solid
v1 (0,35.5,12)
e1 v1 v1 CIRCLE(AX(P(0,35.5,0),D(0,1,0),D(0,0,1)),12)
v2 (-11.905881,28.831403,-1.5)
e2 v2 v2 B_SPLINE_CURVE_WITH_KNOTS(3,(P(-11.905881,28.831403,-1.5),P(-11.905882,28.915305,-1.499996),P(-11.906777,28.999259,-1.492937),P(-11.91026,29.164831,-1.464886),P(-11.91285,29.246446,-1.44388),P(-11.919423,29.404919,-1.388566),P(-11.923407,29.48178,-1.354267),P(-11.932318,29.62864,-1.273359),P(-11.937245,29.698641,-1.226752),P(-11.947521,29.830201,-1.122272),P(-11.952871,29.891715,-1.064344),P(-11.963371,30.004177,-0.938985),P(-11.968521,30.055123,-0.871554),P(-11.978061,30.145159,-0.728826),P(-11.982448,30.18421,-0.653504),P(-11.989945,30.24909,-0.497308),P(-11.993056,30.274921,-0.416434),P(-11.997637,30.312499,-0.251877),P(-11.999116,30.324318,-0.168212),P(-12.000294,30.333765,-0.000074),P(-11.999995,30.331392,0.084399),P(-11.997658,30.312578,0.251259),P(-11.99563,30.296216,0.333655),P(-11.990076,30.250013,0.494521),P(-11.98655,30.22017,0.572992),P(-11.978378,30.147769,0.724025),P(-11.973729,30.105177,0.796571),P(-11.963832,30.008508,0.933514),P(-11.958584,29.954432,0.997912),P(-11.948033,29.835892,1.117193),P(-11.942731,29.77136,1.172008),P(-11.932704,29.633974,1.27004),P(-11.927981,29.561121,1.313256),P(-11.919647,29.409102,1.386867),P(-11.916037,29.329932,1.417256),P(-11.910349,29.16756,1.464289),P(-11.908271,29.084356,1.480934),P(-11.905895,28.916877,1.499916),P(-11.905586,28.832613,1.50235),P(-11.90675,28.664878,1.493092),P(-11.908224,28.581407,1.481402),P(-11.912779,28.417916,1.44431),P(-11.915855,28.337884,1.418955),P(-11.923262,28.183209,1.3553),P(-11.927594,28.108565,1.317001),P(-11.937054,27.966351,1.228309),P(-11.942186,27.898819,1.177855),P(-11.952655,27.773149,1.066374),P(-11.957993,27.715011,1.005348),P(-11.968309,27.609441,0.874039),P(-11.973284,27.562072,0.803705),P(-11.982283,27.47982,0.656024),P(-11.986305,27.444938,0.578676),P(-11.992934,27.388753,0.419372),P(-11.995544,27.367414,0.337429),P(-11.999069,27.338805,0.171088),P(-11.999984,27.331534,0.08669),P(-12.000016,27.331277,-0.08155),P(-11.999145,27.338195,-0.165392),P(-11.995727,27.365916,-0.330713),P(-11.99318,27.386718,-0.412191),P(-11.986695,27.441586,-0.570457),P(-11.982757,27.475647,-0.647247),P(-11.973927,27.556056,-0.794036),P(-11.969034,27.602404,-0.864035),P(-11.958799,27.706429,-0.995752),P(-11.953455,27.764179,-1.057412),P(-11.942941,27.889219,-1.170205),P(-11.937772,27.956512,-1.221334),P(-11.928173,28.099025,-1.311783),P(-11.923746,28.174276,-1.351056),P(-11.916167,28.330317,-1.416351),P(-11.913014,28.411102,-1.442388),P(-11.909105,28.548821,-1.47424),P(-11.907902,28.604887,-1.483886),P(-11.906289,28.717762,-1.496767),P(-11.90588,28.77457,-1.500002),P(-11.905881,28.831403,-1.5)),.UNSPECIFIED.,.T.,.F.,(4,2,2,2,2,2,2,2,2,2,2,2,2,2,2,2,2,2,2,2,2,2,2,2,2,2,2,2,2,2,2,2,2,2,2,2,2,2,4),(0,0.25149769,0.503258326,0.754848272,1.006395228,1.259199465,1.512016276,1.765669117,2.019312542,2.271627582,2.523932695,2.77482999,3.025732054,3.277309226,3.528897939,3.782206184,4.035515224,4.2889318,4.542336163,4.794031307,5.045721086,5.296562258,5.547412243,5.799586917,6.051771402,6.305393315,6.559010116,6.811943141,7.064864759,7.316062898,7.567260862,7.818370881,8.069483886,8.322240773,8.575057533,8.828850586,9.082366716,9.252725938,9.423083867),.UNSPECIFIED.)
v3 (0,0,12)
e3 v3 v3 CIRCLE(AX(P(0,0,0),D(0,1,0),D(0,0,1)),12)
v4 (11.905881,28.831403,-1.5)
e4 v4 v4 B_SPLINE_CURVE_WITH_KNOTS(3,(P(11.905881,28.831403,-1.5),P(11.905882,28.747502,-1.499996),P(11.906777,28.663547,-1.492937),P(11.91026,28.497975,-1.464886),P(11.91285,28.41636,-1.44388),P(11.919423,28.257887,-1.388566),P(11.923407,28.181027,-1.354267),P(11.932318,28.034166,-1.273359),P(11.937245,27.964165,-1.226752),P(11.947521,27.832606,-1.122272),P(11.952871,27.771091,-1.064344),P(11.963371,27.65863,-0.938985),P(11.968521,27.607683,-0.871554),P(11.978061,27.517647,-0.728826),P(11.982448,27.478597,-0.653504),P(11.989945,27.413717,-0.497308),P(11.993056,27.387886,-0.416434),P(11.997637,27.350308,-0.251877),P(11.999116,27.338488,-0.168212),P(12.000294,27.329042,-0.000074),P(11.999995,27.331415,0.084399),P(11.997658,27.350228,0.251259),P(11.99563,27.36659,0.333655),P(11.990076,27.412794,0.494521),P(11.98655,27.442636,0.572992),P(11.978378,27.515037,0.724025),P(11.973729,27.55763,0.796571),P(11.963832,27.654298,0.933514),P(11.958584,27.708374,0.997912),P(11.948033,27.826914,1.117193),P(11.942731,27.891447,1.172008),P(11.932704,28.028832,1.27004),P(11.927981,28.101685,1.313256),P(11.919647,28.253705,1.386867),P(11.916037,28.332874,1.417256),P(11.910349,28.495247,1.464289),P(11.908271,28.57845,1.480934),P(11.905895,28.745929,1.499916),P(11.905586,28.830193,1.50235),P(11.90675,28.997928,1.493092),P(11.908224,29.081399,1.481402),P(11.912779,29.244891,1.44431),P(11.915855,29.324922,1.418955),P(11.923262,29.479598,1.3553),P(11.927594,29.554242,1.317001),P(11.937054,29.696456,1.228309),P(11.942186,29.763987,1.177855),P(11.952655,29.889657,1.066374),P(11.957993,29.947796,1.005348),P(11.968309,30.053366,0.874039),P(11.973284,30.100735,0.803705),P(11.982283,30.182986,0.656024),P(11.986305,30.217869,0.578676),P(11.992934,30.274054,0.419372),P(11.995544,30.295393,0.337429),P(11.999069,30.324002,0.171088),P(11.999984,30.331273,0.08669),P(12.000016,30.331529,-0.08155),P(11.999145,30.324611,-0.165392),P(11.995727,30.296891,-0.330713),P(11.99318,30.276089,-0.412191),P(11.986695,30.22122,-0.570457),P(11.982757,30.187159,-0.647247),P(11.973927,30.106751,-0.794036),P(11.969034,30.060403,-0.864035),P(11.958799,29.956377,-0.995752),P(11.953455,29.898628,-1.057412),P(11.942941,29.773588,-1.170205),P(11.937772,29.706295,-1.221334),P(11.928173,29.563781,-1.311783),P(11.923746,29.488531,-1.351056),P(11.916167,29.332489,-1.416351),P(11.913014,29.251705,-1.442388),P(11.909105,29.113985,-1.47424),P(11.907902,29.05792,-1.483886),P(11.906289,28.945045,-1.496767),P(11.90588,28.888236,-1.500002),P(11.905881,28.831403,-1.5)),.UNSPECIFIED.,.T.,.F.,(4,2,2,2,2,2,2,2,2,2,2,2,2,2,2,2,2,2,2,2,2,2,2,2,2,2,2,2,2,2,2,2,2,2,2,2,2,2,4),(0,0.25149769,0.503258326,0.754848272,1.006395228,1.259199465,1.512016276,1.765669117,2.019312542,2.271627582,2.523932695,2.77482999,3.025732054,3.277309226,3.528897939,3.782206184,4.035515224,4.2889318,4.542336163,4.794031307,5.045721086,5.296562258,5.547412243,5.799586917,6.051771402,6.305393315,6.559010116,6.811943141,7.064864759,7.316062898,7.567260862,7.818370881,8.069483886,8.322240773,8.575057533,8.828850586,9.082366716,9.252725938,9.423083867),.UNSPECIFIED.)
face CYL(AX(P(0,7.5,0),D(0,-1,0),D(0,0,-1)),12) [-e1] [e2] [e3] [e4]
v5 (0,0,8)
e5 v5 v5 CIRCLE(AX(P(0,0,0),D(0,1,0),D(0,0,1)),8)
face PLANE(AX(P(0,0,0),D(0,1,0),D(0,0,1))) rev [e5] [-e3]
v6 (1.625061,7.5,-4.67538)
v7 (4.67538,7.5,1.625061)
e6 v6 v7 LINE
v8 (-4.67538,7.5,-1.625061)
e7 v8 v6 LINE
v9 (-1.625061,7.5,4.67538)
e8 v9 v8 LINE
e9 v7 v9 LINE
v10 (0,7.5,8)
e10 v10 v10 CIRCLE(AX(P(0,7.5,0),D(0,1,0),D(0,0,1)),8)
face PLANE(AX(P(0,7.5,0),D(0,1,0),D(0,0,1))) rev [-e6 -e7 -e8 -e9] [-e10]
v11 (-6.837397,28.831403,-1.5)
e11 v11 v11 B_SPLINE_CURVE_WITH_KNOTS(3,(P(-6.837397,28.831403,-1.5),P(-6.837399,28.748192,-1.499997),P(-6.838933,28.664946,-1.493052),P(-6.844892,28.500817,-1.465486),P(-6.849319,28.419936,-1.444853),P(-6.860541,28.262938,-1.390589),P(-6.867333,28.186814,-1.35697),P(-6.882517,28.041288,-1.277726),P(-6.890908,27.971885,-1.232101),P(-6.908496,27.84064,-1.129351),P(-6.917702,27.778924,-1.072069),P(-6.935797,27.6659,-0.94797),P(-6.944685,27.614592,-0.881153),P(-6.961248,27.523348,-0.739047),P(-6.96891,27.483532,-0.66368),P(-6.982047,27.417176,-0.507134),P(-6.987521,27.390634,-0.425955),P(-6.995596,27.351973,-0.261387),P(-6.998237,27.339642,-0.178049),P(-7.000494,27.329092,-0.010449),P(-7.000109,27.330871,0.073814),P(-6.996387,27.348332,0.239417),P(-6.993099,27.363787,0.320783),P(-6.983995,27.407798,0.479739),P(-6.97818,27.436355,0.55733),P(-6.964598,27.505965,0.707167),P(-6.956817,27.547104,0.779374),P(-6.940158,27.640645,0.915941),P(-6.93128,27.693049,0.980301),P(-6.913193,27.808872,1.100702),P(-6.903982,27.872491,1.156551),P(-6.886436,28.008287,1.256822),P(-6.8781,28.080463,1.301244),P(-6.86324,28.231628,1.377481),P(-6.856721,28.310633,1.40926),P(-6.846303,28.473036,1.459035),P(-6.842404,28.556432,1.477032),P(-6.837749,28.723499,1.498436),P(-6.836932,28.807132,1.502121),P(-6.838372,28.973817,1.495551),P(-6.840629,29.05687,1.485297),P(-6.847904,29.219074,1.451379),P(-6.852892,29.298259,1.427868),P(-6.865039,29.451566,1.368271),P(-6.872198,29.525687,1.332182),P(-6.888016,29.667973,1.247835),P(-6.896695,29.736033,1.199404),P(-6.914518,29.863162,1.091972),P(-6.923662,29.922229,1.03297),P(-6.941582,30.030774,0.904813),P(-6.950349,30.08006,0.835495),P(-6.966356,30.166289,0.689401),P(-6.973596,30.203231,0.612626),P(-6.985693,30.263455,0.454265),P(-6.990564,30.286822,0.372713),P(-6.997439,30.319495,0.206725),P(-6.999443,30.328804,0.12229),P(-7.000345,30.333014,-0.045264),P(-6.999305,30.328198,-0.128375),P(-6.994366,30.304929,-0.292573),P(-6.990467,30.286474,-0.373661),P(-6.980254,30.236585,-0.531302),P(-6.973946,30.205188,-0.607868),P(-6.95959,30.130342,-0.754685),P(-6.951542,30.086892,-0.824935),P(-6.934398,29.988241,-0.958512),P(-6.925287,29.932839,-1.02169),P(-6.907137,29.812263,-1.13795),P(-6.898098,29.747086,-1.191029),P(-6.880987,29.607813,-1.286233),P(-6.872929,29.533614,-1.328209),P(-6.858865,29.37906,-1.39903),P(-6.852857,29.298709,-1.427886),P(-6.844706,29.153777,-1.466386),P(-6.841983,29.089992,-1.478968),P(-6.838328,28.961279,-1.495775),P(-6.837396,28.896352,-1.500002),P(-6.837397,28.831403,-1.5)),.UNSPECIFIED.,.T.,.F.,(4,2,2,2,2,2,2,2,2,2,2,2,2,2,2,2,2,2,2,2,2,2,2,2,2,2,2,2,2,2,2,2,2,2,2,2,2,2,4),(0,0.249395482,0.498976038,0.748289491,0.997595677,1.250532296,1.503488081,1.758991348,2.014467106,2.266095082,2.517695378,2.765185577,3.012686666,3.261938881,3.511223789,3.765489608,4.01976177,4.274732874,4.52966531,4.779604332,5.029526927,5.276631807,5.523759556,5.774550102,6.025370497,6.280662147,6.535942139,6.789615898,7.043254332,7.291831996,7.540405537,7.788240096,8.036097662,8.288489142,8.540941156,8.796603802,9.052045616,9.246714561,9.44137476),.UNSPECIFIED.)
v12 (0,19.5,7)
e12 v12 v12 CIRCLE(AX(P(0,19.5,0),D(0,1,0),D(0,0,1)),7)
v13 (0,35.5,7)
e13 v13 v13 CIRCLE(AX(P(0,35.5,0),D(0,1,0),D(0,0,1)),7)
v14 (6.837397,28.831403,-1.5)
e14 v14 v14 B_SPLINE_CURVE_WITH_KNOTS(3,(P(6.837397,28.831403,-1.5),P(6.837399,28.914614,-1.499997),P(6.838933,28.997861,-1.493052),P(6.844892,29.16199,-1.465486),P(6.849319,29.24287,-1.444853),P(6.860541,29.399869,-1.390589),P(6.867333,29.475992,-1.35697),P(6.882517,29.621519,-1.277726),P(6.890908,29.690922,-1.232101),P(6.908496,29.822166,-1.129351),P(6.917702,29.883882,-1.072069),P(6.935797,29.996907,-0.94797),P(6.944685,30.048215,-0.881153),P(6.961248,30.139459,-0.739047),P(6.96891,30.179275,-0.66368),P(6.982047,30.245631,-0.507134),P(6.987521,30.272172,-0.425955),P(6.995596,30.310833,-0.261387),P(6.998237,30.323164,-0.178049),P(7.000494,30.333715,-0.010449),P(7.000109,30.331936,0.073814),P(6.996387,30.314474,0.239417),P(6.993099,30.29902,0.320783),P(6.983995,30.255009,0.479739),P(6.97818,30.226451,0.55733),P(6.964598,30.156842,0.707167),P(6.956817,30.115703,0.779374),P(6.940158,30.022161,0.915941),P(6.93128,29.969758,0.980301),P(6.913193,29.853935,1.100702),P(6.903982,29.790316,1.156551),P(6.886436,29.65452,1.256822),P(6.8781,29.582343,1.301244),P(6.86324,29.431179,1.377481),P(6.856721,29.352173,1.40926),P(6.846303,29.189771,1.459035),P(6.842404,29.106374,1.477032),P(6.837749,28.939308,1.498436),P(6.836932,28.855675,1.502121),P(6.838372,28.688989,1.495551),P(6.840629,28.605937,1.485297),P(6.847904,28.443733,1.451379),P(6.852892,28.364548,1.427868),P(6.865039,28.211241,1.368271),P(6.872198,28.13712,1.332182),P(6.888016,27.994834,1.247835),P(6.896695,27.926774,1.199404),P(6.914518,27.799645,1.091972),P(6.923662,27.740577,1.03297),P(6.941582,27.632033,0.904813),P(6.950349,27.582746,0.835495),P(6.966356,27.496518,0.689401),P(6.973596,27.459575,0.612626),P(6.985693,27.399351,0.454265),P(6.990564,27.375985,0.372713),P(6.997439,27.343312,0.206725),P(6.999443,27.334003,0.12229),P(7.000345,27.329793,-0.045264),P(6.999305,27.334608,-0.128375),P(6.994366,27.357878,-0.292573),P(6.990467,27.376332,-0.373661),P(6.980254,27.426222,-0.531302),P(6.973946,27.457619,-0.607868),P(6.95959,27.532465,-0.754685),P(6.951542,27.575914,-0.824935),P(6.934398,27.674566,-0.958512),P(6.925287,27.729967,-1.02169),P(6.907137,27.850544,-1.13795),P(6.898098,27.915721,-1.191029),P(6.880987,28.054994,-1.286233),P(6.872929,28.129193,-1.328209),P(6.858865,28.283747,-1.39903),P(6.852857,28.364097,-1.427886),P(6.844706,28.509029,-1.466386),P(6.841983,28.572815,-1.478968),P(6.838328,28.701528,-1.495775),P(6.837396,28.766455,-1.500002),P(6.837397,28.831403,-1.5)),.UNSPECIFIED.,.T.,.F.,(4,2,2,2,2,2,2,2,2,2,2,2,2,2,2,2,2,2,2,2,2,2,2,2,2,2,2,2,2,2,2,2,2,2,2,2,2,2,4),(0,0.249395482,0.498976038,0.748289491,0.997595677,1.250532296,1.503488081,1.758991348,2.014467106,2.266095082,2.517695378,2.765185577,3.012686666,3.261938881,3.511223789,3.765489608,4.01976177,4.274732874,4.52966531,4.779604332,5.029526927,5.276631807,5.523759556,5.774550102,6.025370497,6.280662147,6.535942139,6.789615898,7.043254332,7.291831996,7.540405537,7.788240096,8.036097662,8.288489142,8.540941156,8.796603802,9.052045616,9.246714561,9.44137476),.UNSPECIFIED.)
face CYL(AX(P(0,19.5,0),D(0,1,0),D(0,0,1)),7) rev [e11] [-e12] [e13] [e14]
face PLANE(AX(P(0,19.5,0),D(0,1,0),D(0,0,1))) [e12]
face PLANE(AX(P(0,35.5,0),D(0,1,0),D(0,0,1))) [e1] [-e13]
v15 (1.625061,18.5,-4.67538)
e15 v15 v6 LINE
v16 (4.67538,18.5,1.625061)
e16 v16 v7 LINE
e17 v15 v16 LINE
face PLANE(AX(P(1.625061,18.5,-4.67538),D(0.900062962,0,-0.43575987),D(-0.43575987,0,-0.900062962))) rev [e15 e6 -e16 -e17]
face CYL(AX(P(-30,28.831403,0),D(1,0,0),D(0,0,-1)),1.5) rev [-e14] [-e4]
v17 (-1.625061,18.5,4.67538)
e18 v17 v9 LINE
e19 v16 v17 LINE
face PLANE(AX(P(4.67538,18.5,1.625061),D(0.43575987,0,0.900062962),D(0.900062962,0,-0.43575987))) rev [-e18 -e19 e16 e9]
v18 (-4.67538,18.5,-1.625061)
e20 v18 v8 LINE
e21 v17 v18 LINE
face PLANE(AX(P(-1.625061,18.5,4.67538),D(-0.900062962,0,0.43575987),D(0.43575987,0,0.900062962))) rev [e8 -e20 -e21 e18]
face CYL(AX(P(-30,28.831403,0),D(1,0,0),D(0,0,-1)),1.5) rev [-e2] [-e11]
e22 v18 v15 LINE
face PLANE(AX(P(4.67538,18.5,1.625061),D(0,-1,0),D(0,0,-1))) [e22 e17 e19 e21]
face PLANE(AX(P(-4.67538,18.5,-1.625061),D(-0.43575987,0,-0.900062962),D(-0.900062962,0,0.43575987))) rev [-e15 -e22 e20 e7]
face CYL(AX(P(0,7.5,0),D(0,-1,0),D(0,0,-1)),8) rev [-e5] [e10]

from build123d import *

# Parameters (mm, degrees)
SKETCH_1_R          = 12
SKETCH_1_R_2        = 8
EXTRUDE_1_DEPTH     = 7.5
SKETCH_2_R          = 12
EXTRUDE_2_DEPTH     = 28
CUT_EXTRUDE_3_DEPTH = 11
SKETCH_4_R          = 7
CUT_EXTRUDE_4_DEPTH = 16
SKETCH_5_R          = 1.5
CUT_EXTRUDE_5_DEPTH = 30


with BuildPart() as part:
    # Эскиз1 → Вытянуть1 (new body)
    with BuildSketch(Plane(origin=(0, 0, 0), x_dir=(1, 0, 0), z_dir=(0, 1, 0))):
        with Locations(Location((0, 0, 0), (0, 0, 270))):
            Circle(SKETCH_1_R)
        with Locations(Location((0, 0, 0), (0, 0, 270))):
            Circle(SKETCH_1_R_2, mode=Mode.SUBTRACT)
    extrude(amount=EXTRUDE_1_DEPTH)

    # Эскиз2 → Вытянуть2 (add)
    with BuildSketch(Plane(origin=(0, 7.5, 0), x_dir=(1, 0, 0), z_dir=(0, 1, 0))):
        with Locations(Location((0, 0, 0), (0, 0, 270))):
            Circle(SKETCH_2_R)
    extrude(amount=EXTRUDE_2_DEPTH)

    # Эскиз3 → Вытянуть3 (cut)
    with BuildSketch(Plane.XZ.offset(-7.5)):
        Polygon((4.675379912, 1.625060824), (-1.625060824, 4.675379912), (-4.675379912, -1.625060824), (1.625060824, -4.675379912), align=None)
    extrude(amount=-CUT_EXTRUDE_3_DEPTH, mode=Mode.SUBTRACT)

    # Эскиз4 → Вытянуть4 (cut)
    with BuildSketch(Plane(origin=(0, 35.5, 0), x_dir=(1, 0, 0), z_dir=(0, 1, 0))):
        with Locations(Location((0, 0, 0), (0, 0, 270))):
            Circle(SKETCH_4_R)
    extrude(amount=-CUT_EXTRUDE_4_DEPTH, mode=Mode.SUBTRACT)

    # Эскиз5 → Вытянуть5 (cut, symmetric)
    with BuildSketch(Plane(origin=(0, 0, 0), x_dir=(0, 0, -1), z_dir=(1, 0, 0))):
        with Locations((0, 28.831403322)):
            Circle(SKETCH_5_R)
    extrude(amount=CUT_EXTRUDE_5_DEPTH, both=True, mode=Mode.SUBTRACT)


solid = part.part
